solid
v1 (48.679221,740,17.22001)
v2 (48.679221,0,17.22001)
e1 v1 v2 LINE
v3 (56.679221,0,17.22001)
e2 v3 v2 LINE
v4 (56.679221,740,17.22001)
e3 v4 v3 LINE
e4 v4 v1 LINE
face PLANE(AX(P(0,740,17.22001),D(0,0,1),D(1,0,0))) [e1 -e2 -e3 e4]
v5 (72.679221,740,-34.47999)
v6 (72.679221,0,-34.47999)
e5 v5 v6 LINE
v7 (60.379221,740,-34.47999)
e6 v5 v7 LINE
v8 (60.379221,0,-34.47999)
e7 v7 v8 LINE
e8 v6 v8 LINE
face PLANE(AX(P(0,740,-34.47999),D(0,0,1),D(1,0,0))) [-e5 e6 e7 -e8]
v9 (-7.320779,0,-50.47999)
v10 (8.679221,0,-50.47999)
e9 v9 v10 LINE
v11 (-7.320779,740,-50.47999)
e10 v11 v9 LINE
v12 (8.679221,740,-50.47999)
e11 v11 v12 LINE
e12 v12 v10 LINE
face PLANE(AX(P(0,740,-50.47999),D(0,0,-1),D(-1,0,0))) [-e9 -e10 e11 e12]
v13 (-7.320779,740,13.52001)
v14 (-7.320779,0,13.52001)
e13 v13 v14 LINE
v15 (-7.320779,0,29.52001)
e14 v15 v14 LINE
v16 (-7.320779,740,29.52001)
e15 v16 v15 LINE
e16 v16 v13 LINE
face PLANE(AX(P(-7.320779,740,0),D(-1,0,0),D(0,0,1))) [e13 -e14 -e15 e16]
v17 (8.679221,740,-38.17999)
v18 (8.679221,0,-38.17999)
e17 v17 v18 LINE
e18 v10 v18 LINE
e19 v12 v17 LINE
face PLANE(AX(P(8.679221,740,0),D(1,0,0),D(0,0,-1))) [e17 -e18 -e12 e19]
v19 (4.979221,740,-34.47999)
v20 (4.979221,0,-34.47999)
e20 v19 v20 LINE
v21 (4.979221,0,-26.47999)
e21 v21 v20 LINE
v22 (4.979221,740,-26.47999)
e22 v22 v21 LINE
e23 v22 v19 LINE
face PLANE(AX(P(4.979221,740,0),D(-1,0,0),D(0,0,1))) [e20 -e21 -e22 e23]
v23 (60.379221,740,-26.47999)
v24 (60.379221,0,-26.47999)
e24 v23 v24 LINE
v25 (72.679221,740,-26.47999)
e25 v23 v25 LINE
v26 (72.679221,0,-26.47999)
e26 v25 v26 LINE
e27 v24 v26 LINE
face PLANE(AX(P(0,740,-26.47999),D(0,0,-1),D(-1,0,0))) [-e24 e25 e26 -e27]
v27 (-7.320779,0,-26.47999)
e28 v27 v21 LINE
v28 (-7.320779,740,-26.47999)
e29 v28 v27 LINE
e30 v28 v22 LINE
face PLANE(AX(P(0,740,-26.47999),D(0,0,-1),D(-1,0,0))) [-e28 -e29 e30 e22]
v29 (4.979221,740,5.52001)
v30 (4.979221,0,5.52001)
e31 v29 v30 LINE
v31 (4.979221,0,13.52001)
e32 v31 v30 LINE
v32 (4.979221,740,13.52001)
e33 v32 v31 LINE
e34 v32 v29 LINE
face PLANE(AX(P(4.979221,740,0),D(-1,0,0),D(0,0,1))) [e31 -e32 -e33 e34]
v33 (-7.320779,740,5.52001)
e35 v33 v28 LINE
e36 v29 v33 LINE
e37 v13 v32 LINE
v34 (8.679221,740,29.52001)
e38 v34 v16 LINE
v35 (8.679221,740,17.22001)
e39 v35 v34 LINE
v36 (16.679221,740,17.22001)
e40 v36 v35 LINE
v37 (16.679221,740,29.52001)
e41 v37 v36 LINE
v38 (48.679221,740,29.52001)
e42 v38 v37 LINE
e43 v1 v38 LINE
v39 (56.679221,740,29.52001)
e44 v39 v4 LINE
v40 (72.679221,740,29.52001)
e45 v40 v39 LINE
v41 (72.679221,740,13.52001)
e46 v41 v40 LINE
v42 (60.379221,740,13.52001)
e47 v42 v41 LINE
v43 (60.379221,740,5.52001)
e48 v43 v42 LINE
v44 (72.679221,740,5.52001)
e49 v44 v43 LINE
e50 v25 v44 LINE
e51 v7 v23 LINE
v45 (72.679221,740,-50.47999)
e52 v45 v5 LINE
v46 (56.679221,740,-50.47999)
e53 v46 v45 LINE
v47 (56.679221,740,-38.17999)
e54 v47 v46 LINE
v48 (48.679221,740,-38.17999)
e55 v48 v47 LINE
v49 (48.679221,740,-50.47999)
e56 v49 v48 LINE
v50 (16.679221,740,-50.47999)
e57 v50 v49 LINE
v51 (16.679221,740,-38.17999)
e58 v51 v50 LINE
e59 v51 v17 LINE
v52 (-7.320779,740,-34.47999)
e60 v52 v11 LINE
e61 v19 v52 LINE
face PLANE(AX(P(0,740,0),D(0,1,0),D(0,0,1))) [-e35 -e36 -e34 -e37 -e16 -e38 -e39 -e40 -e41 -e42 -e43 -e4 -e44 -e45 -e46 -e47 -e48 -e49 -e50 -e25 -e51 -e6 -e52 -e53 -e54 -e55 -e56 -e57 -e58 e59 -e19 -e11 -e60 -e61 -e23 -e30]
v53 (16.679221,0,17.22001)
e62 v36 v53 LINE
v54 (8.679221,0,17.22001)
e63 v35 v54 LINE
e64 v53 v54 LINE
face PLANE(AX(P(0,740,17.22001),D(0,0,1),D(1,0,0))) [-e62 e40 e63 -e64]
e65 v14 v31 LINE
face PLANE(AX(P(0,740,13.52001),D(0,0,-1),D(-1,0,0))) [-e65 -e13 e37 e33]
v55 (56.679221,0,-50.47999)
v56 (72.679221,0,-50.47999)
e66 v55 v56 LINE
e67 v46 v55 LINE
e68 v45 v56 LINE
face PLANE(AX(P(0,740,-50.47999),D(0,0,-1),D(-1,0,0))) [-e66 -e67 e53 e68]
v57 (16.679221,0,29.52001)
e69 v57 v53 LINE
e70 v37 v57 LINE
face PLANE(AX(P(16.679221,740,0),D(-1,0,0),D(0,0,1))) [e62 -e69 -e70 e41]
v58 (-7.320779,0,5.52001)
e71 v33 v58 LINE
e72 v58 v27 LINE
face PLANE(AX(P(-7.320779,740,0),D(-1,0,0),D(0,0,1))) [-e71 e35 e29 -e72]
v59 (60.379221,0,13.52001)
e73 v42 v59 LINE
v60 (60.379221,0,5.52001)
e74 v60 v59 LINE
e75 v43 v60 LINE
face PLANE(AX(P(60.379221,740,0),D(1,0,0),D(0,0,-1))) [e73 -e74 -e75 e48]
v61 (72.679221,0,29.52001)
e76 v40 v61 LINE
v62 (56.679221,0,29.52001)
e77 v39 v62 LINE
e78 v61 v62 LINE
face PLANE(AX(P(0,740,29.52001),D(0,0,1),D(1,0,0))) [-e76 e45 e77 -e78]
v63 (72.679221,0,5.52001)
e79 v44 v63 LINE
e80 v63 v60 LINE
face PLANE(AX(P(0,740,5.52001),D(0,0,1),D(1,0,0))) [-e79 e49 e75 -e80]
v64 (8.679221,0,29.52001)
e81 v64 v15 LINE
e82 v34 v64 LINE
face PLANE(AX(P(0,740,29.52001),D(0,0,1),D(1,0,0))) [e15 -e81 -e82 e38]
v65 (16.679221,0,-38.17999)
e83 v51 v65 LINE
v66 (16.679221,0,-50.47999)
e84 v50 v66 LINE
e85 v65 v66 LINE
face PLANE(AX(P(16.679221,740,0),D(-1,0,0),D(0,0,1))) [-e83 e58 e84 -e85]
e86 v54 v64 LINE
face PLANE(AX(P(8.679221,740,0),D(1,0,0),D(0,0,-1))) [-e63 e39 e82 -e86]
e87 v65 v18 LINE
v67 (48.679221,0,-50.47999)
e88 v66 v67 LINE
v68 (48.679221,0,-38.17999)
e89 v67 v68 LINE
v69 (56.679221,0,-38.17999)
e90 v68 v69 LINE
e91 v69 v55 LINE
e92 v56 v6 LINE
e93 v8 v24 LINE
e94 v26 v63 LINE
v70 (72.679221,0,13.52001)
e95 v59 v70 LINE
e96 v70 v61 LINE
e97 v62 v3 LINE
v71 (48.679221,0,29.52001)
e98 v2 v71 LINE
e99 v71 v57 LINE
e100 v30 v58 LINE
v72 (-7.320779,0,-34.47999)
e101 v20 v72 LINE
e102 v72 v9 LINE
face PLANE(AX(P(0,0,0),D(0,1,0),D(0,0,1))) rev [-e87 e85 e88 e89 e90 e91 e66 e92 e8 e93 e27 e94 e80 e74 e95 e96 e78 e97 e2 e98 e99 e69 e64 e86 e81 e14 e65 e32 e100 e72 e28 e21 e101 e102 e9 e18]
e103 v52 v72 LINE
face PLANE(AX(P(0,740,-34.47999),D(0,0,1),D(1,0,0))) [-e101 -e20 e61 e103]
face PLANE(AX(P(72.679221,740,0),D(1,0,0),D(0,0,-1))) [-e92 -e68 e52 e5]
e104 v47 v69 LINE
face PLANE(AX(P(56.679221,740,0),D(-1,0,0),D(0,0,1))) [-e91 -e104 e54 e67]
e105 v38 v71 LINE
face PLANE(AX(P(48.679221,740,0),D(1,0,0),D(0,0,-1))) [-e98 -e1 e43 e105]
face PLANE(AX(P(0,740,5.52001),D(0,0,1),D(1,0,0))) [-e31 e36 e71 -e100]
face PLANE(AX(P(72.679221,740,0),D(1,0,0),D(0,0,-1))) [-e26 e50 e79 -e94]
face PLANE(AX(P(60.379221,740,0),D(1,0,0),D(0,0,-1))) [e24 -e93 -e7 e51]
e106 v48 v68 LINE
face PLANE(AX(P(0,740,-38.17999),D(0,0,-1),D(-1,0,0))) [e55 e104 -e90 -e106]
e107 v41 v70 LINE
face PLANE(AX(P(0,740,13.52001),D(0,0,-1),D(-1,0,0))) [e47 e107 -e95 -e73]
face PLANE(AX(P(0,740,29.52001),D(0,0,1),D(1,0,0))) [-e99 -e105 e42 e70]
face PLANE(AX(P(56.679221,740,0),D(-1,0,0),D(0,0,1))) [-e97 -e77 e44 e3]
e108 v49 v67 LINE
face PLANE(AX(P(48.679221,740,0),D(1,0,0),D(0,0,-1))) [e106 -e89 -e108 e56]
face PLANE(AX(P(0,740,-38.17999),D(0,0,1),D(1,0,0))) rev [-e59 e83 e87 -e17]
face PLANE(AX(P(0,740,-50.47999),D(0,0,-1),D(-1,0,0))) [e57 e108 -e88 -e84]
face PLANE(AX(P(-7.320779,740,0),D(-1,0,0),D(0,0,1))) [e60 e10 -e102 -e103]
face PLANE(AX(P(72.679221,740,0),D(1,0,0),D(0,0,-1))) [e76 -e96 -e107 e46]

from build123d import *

# Parameters (mm, degrees)
BOSS_EXTRUDE1_DEPTH = 740


with BuildPart() as part:
    # Sketch1 → Boss-Extrude1 (new body)
    with BuildSketch(Plane(origin=(0, 0, 0), x_dir=(1, 0, 0), z_dir=(0, 1, 0))):
        Polygon((-7.320779393, 34.479989845), (-7.320779393, 50.479989845), (8.679220607, 50.479989845), (8.679220607, 38.179989845), (16.679220607, 38.179989845), (16.679220607, 50.479989845), (48.679220607, 50.479989845), (48.679220607, 38.179989845), (56.679220607, 38.179989845), (56.679220607, 50.479989845), (72.679220607, 50.479989845), (72.679220607, 34.479989845), (60.379220607, 34.479989845), (60.379220607, 26.479989845), (72.679220607, 26.479989845), (72.679220607, -5.520010155), (60.379220607, -5.520010155), (60.379220607, -13.520010155), (72.679220607, -13.520010155), (72.679220607, -29.520010155), (56.679220607, -29.520010155), (56.679220607, -17.220010155), (48.679220607, -17.220010155), (48.679220607, -29.520010155), (16.679220607, -29.520010155), (16.679220607, -17.220010155), (8.679220607, -17.220010155), (8.679220607, -29.520010155), (-7.320779393, -29.520010155), (-7.320779393, -13.520010155), (4.979220607, -13.520010155), (4.979220607, -5.520010155), (-7.320779393, -5.520010155), (-7.320779393, 26.479989845), (4.979220607, 26.479989845), (4.979220607, 34.479989845), align=None)
    extrude(amount=BOSS_EXTRUDE1_DEPTH)


solid = part.part
